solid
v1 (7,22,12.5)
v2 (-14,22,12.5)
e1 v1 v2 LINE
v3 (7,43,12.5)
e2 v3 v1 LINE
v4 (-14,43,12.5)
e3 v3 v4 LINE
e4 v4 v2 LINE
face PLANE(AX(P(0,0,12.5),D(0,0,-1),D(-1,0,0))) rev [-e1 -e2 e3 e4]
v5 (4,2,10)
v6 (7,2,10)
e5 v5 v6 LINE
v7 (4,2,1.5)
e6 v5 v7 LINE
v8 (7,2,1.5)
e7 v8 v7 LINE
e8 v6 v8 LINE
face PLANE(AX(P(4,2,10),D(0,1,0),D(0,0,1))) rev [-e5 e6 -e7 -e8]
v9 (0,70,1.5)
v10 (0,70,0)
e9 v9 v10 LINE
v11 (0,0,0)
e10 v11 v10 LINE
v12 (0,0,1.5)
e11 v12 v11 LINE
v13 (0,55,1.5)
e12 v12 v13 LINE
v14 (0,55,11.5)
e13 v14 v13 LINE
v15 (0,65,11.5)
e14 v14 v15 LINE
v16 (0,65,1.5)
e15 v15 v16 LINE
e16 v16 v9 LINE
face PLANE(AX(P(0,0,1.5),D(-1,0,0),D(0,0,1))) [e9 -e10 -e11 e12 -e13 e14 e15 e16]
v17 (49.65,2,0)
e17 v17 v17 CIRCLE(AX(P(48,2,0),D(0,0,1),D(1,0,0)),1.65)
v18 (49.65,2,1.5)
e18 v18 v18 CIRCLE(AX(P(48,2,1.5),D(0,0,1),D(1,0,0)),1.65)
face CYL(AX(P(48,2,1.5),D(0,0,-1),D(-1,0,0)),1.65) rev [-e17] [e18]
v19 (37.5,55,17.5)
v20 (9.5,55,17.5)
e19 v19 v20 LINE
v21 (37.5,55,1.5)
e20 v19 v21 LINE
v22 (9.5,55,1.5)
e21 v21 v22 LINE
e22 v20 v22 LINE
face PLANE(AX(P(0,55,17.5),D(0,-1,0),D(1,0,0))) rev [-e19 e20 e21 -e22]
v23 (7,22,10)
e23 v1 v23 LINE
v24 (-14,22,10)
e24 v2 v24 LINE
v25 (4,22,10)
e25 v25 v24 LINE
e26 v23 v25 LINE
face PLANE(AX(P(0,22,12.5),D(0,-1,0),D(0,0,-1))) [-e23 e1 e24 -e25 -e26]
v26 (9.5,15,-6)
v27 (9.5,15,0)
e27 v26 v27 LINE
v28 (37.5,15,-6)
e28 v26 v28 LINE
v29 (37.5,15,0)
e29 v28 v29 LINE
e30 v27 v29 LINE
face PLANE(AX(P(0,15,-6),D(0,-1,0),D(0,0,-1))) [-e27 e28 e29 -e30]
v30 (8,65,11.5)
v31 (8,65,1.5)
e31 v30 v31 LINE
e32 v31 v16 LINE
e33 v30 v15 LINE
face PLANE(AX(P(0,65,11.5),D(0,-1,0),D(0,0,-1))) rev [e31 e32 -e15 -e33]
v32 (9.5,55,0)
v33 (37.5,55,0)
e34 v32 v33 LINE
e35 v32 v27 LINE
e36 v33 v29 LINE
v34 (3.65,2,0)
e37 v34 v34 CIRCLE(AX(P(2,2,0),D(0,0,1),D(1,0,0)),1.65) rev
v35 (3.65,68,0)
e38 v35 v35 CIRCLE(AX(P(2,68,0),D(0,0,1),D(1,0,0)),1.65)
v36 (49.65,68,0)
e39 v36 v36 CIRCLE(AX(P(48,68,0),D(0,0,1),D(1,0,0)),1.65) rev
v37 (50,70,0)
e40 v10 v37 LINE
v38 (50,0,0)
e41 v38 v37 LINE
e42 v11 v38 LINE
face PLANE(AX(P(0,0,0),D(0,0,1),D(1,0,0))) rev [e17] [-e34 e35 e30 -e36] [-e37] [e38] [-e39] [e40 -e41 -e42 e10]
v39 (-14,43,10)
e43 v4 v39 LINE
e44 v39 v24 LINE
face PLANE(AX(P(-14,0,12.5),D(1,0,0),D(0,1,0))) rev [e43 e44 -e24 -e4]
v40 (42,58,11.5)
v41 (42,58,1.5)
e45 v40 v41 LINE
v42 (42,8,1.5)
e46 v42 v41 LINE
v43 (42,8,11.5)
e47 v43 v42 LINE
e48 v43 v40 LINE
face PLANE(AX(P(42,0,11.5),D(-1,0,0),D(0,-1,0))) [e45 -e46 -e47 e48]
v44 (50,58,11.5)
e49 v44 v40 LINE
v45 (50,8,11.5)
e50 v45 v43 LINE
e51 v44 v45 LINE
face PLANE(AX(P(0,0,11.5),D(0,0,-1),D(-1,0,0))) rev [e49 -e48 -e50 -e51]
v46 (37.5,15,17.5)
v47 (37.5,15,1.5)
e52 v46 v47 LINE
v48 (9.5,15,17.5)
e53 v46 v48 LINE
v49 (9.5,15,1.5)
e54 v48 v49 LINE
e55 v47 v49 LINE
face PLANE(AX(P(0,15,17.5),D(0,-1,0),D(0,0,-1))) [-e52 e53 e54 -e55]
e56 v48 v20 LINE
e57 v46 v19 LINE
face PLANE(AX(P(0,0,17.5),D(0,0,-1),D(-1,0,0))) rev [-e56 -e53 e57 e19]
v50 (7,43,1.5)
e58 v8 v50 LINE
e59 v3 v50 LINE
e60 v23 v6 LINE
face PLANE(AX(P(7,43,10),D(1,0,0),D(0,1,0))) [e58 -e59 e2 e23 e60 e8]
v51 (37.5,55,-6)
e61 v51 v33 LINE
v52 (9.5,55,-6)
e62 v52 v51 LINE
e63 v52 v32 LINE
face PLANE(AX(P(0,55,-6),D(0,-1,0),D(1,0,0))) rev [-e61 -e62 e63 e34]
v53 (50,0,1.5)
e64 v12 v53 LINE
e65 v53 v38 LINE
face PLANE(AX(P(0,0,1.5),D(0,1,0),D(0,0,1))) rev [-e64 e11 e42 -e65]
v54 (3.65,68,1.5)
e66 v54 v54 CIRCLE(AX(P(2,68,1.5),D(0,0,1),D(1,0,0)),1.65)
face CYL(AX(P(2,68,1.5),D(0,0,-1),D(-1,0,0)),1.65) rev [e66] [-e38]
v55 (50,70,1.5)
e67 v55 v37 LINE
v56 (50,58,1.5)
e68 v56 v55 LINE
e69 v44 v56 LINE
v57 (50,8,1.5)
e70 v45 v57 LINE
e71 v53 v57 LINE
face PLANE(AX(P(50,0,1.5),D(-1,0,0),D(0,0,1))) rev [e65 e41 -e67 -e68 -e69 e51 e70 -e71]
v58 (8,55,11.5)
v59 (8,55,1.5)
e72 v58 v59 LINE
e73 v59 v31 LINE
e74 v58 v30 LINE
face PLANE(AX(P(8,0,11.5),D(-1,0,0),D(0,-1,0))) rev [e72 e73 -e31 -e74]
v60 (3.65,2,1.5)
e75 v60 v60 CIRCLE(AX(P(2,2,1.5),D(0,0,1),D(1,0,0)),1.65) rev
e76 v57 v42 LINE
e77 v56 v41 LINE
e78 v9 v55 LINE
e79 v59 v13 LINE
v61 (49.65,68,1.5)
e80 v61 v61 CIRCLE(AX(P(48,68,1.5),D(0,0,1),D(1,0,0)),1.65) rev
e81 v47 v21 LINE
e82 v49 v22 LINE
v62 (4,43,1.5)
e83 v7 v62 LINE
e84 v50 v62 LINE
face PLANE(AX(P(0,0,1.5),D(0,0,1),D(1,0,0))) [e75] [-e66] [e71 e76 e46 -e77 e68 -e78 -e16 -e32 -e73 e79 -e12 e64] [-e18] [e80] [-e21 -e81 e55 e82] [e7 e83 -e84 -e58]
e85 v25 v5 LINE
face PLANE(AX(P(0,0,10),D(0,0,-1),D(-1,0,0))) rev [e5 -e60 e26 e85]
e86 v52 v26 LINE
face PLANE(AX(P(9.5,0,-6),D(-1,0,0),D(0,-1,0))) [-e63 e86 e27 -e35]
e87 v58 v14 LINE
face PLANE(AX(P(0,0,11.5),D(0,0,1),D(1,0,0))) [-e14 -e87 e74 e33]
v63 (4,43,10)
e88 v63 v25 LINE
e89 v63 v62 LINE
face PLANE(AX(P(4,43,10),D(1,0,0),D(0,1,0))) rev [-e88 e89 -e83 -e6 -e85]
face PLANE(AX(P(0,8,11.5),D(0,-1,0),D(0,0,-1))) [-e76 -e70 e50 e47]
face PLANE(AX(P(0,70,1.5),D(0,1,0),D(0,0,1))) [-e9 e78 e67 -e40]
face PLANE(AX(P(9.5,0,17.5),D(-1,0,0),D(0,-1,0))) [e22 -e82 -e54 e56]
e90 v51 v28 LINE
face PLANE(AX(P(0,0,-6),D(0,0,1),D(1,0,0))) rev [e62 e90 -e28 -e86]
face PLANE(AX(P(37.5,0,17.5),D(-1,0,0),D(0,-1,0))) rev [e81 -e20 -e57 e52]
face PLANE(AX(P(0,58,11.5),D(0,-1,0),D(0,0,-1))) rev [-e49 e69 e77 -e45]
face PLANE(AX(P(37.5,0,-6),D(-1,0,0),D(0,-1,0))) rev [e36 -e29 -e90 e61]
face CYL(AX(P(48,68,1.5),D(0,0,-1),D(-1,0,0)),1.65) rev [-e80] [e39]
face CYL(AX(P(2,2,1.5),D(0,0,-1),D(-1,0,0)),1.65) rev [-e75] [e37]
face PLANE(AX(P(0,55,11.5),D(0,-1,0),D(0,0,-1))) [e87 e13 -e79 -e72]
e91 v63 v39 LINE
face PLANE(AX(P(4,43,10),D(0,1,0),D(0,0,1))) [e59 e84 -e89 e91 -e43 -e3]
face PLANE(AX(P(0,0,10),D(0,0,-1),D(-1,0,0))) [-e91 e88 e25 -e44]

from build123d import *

# Parameters (mm, degrees)
SKETCH1_W               = 50
SKETCH1_H               = 70
SKETCH1_R               = 1.65
MAIN_PROTOBOARD_DEPTH   = 1.5
SCREW_TERMINALS_START   = 1.5
SKETCH1_3_W             = 8
SKETCH1_3_H             = 50
SKETCH1_3_H_2           = 10
SCREW_TERMINALS_DEPTH   = 10
MCU_START               = 1.5
SKETCH1_5_W             = 28
SKETCH1_5_H             = 40
MCU_DEPTH               = 16
SKETCH1_6_W             = 3
SKETCH1_6_H             = 41
DUPONT_CONNECTORS_DEPTH = 10
CAN_TRANSCEIVER_START   = 10
SKETCH1_7_W             = 14
SKETCH1_7_H             = 21
SKETCH1_7_W_2           = 4
SKETCH1_7_W_3           = 3
CAN_TRANSCEIVER_DEPTH   = 2.5
SKETCH1_8_W             = 28
SKETCH1_8_H             = 40
WIRE_CLEARANCE_DEPTH    = 6


with BuildPart() as part:
    # Sketch1 → Main-Protoboard (new body)
    with BuildSketch(Plane.XY):
        with Locations((25, 35)):
            Rectangle(SKETCH1_W, SKETCH1_H)
        with Locations((2, 2)):
            Circle(SKETCH1_R, mode=Mode.SUBTRACT)
        with Locations((48, 2)):
            Circle(SKETCH1_R, mode=Mode.SUBTRACT)
        with Locations((2, 68)):
            Circle(SKETCH1_R, mode=Mode.SUBTRACT)
        with Locations((48, 68)):
            Circle(SKETCH1_R, mode=Mode.SUBTRACT)
    extrude(amount=MAIN_PROTOBOARD_DEPTH)

    # Sketch1<3> → Screw-Terminals (add)
    with BuildSketch(Plane.XY.offset(SCREW_TERMINALS_START)):
        with Locations((46, 33)):
            Rectangle(SKETCH1_3_W, SKETCH1_3_H)
        with Locations((4, 60)):
            Rectangle(SKETCH1_3_W, SKETCH1_3_H_2)
    extrude(amount=SCREW_TERMINALS_DEPTH)

    # Sketch1<5> → MCU (add)
    with BuildSketch(Plane.XY.offset(MCU_START)):
        with Locations((23.5, 35)):
            Rectangle(SKETCH1_5_W, SKETCH1_5_H)
    extrude(amount=MCU_DEPTH)

    # Sketch1<6> → Dupont-Connectors (add)
    with BuildSketch(Plane.XY):
        with Locations((5.5, 22.5)):
            Rectangle(SKETCH1_6_W, SKETCH1_6_H)
    extrude(amount=DUPONT_CONNECTORS_DEPTH)

    # Sketch1<7> → Can-Transceiver (add)
    with BuildSketch(Plane.XY.offset(CAN_TRANSCEIVER_START)):
        with Locations((-7, 32.5)):
            Rectangle(SKETCH1_7_W, SKETCH1_7_H)
        with Locations((2, 32.5)):
            Rectangle(SKETCH1_7_W_2, SKETCH1_7_H)
        with Locations((5.5, 32.5)):
            Rectangle(SKETCH1_7_W_3, SKETCH1_7_H)
    extrude(amount=CAN_TRANSCEIVER_DEPTH)

    # Sketch1<8> → Wire-Clearance (add)
    with BuildSketch(Plane.XY):
        with Locations((23.5, 35)):
            Rectangle(SKETCH1_8_W, SKETCH1_8_H)
    extrude(amount=-WIRE_CLEARANCE_DEPTH)


solid = part.part
